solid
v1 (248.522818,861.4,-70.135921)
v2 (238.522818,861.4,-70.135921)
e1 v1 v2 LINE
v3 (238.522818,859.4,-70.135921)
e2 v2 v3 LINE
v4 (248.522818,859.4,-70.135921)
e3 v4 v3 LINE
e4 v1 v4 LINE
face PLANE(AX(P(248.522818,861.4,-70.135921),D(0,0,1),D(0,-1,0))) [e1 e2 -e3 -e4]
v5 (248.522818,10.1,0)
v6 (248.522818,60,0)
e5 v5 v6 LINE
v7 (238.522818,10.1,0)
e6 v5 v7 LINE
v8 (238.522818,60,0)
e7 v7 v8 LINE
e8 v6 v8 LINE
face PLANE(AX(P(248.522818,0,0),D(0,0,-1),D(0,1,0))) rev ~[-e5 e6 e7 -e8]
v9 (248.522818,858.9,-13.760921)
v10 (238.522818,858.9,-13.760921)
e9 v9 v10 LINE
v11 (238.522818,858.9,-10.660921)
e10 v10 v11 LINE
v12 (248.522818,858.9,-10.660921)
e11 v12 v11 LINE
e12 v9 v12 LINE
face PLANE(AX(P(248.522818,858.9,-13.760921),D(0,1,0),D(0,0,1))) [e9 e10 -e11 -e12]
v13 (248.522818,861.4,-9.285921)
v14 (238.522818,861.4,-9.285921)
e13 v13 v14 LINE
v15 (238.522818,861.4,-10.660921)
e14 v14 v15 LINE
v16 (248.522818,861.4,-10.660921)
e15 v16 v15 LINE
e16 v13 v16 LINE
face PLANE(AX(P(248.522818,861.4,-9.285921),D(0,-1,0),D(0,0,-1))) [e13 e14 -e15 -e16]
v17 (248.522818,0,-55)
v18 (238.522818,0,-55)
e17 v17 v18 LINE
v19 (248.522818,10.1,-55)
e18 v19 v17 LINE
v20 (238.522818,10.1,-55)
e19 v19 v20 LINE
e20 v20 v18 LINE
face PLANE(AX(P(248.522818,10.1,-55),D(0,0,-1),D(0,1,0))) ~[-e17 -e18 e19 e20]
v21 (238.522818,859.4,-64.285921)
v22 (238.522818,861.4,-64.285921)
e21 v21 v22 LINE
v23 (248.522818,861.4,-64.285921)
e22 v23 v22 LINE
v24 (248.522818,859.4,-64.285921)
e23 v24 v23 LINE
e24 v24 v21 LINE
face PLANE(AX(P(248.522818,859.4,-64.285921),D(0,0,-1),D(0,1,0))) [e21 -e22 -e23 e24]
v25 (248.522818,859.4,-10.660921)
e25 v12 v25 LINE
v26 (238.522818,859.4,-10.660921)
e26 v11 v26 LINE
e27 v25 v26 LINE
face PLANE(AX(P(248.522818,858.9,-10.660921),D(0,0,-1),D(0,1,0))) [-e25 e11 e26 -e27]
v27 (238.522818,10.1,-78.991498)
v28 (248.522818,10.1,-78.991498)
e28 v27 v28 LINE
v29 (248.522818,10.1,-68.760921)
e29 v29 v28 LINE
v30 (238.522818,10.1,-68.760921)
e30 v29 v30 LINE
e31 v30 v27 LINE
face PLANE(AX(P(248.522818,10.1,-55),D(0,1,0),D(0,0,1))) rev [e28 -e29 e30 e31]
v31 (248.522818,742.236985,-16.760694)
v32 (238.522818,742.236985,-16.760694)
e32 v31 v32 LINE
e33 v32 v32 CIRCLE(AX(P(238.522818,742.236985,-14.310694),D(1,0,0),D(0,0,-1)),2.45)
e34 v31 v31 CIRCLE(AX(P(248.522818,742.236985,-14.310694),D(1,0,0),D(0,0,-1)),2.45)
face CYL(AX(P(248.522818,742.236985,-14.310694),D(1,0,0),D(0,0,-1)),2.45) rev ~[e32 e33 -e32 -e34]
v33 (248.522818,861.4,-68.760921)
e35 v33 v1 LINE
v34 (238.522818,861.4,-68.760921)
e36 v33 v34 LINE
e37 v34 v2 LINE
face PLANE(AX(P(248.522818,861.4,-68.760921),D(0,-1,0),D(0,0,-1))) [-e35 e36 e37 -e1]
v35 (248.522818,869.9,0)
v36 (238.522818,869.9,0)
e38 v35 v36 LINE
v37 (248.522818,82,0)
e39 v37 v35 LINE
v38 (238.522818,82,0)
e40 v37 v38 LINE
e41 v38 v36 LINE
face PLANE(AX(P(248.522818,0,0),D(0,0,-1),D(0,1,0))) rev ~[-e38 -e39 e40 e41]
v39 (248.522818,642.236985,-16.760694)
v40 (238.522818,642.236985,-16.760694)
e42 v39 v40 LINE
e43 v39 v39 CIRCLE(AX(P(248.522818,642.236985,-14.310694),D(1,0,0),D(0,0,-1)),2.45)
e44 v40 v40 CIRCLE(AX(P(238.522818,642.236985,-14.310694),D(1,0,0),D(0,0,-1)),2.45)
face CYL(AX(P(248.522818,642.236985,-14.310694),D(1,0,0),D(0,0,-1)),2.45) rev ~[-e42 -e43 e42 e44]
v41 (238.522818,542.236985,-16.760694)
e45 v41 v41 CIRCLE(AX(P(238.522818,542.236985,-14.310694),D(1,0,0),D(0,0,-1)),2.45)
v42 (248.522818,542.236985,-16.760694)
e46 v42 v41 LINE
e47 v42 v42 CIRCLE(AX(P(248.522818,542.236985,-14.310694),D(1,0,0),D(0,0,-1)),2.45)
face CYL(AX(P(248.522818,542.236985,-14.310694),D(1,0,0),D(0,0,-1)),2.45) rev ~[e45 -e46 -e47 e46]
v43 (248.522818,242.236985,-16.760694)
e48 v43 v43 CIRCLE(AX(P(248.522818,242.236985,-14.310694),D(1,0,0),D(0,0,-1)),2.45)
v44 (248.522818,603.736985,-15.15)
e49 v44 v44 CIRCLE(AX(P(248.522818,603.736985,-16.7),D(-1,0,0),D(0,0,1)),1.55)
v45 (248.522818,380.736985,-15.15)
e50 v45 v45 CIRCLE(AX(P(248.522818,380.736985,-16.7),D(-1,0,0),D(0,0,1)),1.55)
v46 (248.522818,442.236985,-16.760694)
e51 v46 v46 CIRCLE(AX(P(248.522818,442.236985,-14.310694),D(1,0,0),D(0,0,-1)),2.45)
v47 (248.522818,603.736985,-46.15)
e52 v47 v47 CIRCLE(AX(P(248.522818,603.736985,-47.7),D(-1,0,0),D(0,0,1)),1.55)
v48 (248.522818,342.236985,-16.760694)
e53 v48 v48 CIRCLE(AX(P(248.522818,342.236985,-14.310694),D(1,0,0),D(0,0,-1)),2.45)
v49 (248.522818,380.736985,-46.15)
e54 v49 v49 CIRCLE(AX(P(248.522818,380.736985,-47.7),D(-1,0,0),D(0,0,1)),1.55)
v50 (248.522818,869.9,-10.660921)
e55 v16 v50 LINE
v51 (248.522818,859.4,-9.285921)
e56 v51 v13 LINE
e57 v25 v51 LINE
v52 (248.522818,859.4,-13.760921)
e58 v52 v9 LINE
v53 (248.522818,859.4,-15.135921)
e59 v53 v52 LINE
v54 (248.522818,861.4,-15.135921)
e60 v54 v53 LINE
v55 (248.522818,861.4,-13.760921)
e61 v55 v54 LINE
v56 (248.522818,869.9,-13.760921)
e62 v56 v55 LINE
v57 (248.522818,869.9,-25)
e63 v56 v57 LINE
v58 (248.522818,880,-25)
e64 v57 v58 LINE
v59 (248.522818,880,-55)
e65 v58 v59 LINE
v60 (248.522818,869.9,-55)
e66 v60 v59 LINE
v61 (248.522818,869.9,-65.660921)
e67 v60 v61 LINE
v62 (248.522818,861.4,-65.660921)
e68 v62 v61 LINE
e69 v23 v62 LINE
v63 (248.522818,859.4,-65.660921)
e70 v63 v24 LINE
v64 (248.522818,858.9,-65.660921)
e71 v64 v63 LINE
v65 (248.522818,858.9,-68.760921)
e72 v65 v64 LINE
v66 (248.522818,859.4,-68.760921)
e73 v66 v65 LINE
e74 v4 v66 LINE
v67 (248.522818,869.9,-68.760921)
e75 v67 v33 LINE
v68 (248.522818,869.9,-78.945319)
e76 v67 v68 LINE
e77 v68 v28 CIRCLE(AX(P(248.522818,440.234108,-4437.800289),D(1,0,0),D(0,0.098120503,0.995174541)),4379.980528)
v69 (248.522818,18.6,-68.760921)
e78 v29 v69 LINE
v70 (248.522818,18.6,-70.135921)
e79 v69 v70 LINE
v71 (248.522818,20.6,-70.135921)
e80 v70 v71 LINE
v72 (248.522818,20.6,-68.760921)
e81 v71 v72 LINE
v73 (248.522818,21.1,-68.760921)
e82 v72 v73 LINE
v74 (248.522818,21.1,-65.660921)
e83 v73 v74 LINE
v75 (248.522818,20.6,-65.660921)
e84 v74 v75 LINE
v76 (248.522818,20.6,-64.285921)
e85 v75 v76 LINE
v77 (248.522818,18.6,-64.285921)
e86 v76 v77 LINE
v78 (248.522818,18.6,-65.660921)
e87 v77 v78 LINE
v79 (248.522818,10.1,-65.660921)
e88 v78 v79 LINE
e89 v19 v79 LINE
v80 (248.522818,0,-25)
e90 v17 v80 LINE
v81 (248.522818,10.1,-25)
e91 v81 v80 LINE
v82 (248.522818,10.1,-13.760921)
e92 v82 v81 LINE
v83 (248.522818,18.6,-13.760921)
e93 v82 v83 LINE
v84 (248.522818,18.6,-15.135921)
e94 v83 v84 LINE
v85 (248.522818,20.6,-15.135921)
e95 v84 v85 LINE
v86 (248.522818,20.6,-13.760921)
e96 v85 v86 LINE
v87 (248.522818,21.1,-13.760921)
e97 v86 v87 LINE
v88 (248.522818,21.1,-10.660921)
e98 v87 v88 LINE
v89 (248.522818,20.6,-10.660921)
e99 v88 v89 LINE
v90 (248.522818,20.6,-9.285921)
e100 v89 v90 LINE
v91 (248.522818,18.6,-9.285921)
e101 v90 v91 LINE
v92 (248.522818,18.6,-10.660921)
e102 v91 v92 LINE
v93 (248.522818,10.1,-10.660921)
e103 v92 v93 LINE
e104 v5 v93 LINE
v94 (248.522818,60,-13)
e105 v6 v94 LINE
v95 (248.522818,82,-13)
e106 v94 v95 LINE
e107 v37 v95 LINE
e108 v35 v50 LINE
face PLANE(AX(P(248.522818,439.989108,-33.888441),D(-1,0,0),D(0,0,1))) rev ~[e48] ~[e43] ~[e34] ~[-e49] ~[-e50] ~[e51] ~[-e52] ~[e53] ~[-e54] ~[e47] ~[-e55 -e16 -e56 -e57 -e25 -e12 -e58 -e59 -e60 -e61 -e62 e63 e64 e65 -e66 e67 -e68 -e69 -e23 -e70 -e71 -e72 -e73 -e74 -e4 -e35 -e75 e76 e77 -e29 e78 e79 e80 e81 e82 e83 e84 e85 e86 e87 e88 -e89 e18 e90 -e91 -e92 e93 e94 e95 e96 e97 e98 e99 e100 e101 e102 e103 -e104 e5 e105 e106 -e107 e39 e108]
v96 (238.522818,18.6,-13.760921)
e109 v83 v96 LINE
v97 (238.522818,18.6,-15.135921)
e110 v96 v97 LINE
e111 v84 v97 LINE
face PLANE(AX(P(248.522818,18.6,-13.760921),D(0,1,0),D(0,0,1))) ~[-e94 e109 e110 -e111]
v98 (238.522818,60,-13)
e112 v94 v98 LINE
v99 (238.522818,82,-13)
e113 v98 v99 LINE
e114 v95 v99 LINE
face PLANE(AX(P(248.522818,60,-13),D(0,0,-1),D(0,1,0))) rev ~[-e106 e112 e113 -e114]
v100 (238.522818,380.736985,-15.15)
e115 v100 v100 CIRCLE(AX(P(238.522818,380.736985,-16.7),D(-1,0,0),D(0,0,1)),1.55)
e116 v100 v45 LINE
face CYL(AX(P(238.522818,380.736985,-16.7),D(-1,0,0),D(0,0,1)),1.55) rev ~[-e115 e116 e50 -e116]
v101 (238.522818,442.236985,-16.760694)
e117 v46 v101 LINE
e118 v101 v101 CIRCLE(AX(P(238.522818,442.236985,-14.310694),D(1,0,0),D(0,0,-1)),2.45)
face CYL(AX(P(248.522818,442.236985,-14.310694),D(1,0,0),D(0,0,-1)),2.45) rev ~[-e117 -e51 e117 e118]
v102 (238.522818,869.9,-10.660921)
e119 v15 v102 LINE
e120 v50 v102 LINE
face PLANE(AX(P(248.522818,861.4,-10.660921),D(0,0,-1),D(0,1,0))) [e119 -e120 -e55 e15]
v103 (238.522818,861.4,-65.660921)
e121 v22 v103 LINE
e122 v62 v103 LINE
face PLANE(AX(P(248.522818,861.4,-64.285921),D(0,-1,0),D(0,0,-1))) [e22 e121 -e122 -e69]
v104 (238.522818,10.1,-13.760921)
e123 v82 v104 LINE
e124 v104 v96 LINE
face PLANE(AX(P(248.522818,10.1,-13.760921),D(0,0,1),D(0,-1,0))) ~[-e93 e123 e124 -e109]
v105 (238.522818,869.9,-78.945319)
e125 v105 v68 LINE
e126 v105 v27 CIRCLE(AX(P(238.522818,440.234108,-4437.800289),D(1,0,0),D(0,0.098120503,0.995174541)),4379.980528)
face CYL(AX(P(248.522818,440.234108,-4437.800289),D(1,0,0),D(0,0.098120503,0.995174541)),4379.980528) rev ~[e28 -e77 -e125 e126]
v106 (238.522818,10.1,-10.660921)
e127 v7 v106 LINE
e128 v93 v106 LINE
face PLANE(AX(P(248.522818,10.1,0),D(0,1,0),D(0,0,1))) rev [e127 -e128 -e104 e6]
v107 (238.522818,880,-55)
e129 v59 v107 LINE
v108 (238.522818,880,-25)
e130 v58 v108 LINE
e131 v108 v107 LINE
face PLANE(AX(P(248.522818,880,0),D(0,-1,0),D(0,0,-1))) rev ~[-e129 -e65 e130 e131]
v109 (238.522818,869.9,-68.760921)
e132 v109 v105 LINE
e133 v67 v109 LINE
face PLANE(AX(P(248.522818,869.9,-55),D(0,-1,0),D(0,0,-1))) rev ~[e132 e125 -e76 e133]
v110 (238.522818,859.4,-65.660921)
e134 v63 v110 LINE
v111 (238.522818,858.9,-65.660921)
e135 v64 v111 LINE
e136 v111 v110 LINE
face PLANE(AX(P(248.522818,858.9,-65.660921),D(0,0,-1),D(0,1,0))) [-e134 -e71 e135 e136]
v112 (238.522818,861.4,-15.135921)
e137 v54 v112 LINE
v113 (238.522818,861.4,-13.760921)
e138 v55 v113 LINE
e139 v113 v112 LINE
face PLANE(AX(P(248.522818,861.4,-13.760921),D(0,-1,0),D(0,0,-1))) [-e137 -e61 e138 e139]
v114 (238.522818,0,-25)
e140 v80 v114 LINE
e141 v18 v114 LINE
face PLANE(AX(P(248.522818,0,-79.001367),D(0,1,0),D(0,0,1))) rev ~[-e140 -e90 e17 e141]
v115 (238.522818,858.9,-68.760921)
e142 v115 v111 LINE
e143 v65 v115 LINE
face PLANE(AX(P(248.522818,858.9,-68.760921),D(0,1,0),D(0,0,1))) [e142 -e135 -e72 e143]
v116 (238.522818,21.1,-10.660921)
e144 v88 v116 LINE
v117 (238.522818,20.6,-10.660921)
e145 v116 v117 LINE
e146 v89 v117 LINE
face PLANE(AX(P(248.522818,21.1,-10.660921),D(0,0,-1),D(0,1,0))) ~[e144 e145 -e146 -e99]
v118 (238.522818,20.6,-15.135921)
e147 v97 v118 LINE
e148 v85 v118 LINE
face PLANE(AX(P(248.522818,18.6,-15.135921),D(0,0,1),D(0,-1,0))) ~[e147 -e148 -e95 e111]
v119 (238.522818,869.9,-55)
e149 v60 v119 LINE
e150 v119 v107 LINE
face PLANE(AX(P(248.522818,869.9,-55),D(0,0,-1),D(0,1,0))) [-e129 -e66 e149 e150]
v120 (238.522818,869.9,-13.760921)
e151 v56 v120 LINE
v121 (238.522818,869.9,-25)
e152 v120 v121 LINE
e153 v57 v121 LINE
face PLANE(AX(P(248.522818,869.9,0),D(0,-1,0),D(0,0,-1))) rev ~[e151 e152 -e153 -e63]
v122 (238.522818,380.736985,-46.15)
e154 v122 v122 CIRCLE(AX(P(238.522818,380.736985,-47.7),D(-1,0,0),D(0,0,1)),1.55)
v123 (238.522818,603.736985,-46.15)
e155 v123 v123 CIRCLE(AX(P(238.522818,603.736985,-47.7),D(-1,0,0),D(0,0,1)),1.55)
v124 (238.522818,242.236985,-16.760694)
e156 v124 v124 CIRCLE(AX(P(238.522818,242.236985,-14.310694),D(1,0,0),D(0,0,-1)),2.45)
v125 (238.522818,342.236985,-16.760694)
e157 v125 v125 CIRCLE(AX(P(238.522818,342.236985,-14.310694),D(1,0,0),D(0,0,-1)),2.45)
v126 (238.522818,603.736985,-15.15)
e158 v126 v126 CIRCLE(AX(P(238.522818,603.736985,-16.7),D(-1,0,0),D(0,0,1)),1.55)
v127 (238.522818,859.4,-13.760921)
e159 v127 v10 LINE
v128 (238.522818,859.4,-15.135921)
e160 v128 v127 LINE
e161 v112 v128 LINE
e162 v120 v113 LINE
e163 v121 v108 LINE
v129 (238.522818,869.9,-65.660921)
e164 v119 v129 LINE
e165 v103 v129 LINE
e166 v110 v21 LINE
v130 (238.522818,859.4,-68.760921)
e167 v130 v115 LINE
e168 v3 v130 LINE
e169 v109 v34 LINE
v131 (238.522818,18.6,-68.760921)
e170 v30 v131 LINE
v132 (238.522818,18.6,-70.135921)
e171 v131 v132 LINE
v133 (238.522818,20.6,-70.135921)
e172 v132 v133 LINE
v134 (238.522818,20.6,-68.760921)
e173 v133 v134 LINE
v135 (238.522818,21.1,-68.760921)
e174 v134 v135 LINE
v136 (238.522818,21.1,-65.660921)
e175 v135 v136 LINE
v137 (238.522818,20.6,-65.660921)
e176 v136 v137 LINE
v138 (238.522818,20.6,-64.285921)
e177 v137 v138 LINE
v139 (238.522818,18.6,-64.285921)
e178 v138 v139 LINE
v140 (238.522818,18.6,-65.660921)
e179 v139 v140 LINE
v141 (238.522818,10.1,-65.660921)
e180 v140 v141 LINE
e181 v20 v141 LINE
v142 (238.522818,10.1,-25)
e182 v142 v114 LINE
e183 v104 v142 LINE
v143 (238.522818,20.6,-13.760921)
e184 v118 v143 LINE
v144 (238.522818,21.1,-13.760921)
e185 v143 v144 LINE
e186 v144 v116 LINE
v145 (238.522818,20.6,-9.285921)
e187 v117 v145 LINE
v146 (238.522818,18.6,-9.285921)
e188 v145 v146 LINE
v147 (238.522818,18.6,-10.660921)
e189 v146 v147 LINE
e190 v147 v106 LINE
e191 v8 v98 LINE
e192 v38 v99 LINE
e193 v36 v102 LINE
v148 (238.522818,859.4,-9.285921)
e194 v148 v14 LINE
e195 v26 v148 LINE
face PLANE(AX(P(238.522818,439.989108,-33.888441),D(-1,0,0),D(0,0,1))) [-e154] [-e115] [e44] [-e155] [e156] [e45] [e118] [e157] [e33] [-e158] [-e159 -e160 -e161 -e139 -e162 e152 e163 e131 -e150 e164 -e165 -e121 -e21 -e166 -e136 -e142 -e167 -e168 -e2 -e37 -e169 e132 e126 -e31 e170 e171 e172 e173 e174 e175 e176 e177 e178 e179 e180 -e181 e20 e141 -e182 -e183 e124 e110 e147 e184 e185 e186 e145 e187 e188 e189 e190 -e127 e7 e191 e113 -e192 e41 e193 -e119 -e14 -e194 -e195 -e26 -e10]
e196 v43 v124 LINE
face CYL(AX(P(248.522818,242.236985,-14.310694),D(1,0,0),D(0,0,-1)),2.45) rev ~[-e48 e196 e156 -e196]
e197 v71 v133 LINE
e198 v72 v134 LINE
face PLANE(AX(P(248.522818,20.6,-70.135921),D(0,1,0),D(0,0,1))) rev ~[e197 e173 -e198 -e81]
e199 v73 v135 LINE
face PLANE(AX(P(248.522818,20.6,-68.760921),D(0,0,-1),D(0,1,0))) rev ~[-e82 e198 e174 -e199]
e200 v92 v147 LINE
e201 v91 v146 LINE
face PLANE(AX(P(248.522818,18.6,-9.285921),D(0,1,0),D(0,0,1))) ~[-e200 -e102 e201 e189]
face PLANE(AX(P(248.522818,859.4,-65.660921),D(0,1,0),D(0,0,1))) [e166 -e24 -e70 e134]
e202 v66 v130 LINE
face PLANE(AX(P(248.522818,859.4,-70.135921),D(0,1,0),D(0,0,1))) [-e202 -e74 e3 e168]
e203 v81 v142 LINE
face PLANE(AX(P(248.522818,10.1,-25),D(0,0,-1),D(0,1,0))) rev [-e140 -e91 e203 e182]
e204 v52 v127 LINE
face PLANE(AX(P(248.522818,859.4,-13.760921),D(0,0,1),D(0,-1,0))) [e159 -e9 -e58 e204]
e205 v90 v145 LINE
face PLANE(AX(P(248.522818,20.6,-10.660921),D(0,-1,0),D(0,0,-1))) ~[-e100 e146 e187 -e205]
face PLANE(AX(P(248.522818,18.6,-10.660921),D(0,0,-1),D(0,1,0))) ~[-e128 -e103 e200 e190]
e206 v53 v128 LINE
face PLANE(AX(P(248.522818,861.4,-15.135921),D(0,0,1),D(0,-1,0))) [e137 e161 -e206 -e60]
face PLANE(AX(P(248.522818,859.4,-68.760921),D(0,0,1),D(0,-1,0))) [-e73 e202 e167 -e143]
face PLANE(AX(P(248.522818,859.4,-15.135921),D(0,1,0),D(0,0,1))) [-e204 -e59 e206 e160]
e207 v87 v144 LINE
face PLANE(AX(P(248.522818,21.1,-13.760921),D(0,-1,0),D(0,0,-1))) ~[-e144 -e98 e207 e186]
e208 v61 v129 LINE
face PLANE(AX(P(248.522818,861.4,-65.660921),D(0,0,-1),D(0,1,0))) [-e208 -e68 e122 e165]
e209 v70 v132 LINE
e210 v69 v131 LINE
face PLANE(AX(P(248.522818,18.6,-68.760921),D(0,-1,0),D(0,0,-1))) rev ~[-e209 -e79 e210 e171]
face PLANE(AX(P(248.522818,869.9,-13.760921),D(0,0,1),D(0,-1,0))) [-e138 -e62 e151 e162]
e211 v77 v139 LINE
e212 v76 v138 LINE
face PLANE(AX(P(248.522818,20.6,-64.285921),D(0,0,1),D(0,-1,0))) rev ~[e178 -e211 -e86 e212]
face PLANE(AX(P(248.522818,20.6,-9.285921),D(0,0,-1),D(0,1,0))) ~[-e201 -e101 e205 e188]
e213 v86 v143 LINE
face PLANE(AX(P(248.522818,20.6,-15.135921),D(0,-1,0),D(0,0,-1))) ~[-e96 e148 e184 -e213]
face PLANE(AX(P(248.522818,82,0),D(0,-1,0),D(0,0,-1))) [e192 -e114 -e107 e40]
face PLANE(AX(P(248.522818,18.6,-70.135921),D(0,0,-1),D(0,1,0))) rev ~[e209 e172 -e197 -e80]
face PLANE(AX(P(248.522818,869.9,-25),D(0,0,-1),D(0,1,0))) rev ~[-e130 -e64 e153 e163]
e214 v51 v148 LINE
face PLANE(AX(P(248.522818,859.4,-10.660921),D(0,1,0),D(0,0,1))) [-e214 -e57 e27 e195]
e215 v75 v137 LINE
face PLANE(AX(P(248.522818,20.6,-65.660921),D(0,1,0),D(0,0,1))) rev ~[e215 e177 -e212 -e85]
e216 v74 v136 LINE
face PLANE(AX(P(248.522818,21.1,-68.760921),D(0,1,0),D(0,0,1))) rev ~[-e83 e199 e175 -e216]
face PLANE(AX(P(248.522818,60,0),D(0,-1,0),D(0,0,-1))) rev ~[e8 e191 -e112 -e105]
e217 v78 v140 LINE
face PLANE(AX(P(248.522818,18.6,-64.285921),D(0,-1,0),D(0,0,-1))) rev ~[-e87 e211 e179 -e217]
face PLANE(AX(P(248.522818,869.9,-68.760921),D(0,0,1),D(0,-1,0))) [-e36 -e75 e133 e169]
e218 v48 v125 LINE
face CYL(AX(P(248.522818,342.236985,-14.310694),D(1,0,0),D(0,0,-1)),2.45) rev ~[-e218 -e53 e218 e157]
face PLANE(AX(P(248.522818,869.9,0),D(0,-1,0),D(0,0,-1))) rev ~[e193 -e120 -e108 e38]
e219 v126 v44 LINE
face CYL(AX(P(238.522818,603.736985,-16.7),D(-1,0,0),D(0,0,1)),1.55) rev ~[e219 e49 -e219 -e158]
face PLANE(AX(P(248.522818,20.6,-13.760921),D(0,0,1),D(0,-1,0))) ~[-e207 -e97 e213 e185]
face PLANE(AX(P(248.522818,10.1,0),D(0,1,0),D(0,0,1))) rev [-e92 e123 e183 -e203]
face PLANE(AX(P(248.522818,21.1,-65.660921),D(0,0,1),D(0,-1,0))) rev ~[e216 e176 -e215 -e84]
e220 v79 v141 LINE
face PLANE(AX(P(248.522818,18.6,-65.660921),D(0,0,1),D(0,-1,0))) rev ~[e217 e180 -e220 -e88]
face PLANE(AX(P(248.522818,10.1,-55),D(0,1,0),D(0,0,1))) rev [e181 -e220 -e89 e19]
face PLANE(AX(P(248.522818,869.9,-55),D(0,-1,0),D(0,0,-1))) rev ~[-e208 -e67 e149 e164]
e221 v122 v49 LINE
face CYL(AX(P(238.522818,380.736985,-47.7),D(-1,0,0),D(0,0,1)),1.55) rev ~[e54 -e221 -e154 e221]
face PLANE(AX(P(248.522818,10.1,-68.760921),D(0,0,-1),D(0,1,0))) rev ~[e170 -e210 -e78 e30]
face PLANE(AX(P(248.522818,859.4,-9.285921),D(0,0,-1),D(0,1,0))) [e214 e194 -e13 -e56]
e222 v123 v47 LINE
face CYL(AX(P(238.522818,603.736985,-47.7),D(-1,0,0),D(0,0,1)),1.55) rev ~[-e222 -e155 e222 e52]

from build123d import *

# Parameters (mm, degrees)
DODANIE_WYCI_GNI_CIE1_DEPTH = 10
SZKIC1_W                    = 30
SZKIC1_H                    = 10.1
SZKIC1_W_2                  = 25
WYTNIJ_WYCI_GNI_CIE1_DEPTH  = 10
WYTNIJ_WYCI_GNI_CIE2_DEPTH  = 10
SZYK_LINIOWY1_COUNT         = 2
SZYK_LINIOWY1_PITCH         = 55
SZKIC7_R                    = 2.45
WYTNIJ_WYCI_GNI_CIE5_DEPTH  = 10
SZYK_LINIOWY3_COUNT         = 6
SZYK_LINIOWY3_PITCH         = 100
SZKIC8_W                    = 13
SZKIC8_H                    = 22
WYTNIJ_WYCI_GNI_CIE6_DEPTH  = 10
LUSTRO1_COPY_1_DEPTH        = 10
SZKIC12_R                   = 1.55
WYTNIJ_WYCI_GNI_CIE7_DEPTH  = 10
SZYK_LINIOWY4_COUNT         = 2
SZYK_LINIOWY4_PITCH         = 223


with BuildPart() as part:
    # Szkic11 → Dodanie-wyciągnięcie1 (new body)
    with BuildSketch(Plane.ZY.offset(-248.52281754)):
        with BuildLine():
            Line((-79.001367167, 0), (0, 0))
            Line((0, 0), (0, 880))
            Line((0, 880), (-78.955177412, 880))
            Line((-78.955177412, 880), (-78.955177412, 870))
            ThreePointArc((-78.955177412, 870), (-57.819766969, 439.998863597), (-79.001367167, 10))
            Line((-79.001367167, 10), (-79.001367167, 0))
        make_face()
    extrude(amount=DODANIE_WYCI_GNI_CIE1_DEPTH)

    # Szkic1 → Wytnij-wyciągnięcie1 (cut)
    with BuildSketch(Plane(origin=(248.52281754, 0, 0), x_dir=(0, 0, -1), z_dir=(1, 0, 0))):
        with Locations((70, 874.95)):
            Rectangle(SZKIC1_W, SZKIC1_H)
        with Locations((12.5, 874.95)):
            Rectangle(SZKIC1_W_2, SZKIC1_H)
    wytnij_wyci_gni_cie1 = extrude(amount=-WYTNIJ_WYCI_GNI_CIE1_DEPTH, mode=Mode.SUBTRACT)

    # Szkic2 → Wytnij-wyciągnięcie2 (cut)
    with BuildSketch(Plane(origin=(248.52281754, 0, 0), x_dir=(0, 0, -1), z_dir=(1, 0, 0))):
        Polygon((10.660920663, 869.9), (13.760920663, 869.9), (13.760920663, 861.4), (15.135920663, 861.4), (15.135920663, 859.4), (13.760920663, 859.4), (13.760920663, 858.9), (10.660920663, 858.9), (10.660920663, 859.4), (9.285920663, 859.4), (9.285920663, 861.4), (10.660920663, 861.4), align=None)
    wytnij_wyci_gni_cie2 = extrude(amount=-WYTNIJ_WYCI_GNI_CIE2_DEPTH, mode=Mode.SUBTRACT)

    # Szyk liniowy1: Wytnij-wyciągnięcie2 ×2
    with Locations(*[(0, 0, -i * SZYK_LINIOWY1_PITCH) for i in range(1, SZYK_LINIOWY1_COUNT)]):
        add(wytnij_wyci_gni_cie2, mode=Mode.SUBTRACT)

    # Szkic7 → Wytnij-wyciągnięcie5 (cut)
    with BuildSketch(Plane(origin=(248.52281754, 0, 0), x_dir=(0, 0, -1), z_dir=(1, 0, 0))):
        with Locations((14.31069395, 742.236985413)):
            Circle(SZKIC7_R)
    wytnij_wyci_gni_cie5 = extrude(amount=-WYTNIJ_WYCI_GNI_CIE5_DEPTH, mode=Mode.SUBTRACT)

    # Szyk liniowy3: Wytnij-wyciągnięcie5 ×6
    with Locations(*[(0, -i * SZYK_LINIOWY3_PITCH, 0) for i in range(1, SZYK_LINIOWY3_COUNT)]):
        add(wytnij_wyci_gni_cie5, mode=Mode.SUBTRACT)

    # Szkic8 → Wytnij-wyciągnięcie6 (cut)
    with BuildSketch(Plane(origin=(248.52281754, 0, 0), x_dir=(0, 0, -1), z_dir=(1, 0, 0))):
        with Locations((6.5, 71)):
            Rectangle(SZKIC8_W, SZKIC8_H)
    extrude(amount=-WYTNIJ_WYCI_GNI_CIE6_DEPTH, mode=Mode.SUBTRACT)

    # Lustro1: Wytnij-wyciągnięcie1, Wytnij-wyciągnięcie2 across plane
    add(wytnij_wyci_gni_cie1.mirror(Plane.ZX.offset(440)), mode=Mode.SUBTRACT)
    add(wytnij_wyci_gni_cie2.mirror(Plane.ZX.offset(440)), mode=Mode.SUBTRACT)

    # Lustro1 copy 1 sketch → Lustro1 copy 1 (cut)
    with BuildSketch(Plane(origin=(248.52281754, 880, -55), x_dir=(0, 0, -1), z_dir=(1, 0, 0))):
        Polygon((10.660920663, -869.9), (13.760920663, -869.9), (13.760920663, -861.4), (15.135920663, -861.4), (15.135920663, -859.4), (13.760920663, -859.4), (13.760920663, -858.9), (10.660920663, -858.9), (10.660920663, -859.4), (9.285920663, -859.4), (9.285920663, -861.4), (10.660920663, -861.4), align=None)
    extrude(amount=-LUSTRO1_COPY_1_DEPTH, mode=Mode.SUBTRACT)

    # Szkic12 → Wytnij-wyciągnięcie7 (cut)
    with BuildSketch(Plane.ZY.offset(-238.52281754)):
        with Locations((-47.7, 380.736985413)):
            Circle(SZKIC12_R)
        with Locations((-16.7, 380.736985413)):
            Circle(SZKIC12_R)
    wytnij_wyci_gni_cie7 = extrude(amount=-WYTNIJ_WYCI_GNI_CIE7_DEPTH, mode=Mode.SUBTRACT)

    # Szyk liniowy4: Wytnij-wyciągnięcie7 ×2
    with Locations(*[(0, i * SZYK_LINIOWY4_PITCH, 0) for i in range(1, SZYK_LINIOWY4_COUNT)]):
        add(wytnij_wyci_gni_cie7, mode=Mode.SUBTRACT)


solid = part.part
